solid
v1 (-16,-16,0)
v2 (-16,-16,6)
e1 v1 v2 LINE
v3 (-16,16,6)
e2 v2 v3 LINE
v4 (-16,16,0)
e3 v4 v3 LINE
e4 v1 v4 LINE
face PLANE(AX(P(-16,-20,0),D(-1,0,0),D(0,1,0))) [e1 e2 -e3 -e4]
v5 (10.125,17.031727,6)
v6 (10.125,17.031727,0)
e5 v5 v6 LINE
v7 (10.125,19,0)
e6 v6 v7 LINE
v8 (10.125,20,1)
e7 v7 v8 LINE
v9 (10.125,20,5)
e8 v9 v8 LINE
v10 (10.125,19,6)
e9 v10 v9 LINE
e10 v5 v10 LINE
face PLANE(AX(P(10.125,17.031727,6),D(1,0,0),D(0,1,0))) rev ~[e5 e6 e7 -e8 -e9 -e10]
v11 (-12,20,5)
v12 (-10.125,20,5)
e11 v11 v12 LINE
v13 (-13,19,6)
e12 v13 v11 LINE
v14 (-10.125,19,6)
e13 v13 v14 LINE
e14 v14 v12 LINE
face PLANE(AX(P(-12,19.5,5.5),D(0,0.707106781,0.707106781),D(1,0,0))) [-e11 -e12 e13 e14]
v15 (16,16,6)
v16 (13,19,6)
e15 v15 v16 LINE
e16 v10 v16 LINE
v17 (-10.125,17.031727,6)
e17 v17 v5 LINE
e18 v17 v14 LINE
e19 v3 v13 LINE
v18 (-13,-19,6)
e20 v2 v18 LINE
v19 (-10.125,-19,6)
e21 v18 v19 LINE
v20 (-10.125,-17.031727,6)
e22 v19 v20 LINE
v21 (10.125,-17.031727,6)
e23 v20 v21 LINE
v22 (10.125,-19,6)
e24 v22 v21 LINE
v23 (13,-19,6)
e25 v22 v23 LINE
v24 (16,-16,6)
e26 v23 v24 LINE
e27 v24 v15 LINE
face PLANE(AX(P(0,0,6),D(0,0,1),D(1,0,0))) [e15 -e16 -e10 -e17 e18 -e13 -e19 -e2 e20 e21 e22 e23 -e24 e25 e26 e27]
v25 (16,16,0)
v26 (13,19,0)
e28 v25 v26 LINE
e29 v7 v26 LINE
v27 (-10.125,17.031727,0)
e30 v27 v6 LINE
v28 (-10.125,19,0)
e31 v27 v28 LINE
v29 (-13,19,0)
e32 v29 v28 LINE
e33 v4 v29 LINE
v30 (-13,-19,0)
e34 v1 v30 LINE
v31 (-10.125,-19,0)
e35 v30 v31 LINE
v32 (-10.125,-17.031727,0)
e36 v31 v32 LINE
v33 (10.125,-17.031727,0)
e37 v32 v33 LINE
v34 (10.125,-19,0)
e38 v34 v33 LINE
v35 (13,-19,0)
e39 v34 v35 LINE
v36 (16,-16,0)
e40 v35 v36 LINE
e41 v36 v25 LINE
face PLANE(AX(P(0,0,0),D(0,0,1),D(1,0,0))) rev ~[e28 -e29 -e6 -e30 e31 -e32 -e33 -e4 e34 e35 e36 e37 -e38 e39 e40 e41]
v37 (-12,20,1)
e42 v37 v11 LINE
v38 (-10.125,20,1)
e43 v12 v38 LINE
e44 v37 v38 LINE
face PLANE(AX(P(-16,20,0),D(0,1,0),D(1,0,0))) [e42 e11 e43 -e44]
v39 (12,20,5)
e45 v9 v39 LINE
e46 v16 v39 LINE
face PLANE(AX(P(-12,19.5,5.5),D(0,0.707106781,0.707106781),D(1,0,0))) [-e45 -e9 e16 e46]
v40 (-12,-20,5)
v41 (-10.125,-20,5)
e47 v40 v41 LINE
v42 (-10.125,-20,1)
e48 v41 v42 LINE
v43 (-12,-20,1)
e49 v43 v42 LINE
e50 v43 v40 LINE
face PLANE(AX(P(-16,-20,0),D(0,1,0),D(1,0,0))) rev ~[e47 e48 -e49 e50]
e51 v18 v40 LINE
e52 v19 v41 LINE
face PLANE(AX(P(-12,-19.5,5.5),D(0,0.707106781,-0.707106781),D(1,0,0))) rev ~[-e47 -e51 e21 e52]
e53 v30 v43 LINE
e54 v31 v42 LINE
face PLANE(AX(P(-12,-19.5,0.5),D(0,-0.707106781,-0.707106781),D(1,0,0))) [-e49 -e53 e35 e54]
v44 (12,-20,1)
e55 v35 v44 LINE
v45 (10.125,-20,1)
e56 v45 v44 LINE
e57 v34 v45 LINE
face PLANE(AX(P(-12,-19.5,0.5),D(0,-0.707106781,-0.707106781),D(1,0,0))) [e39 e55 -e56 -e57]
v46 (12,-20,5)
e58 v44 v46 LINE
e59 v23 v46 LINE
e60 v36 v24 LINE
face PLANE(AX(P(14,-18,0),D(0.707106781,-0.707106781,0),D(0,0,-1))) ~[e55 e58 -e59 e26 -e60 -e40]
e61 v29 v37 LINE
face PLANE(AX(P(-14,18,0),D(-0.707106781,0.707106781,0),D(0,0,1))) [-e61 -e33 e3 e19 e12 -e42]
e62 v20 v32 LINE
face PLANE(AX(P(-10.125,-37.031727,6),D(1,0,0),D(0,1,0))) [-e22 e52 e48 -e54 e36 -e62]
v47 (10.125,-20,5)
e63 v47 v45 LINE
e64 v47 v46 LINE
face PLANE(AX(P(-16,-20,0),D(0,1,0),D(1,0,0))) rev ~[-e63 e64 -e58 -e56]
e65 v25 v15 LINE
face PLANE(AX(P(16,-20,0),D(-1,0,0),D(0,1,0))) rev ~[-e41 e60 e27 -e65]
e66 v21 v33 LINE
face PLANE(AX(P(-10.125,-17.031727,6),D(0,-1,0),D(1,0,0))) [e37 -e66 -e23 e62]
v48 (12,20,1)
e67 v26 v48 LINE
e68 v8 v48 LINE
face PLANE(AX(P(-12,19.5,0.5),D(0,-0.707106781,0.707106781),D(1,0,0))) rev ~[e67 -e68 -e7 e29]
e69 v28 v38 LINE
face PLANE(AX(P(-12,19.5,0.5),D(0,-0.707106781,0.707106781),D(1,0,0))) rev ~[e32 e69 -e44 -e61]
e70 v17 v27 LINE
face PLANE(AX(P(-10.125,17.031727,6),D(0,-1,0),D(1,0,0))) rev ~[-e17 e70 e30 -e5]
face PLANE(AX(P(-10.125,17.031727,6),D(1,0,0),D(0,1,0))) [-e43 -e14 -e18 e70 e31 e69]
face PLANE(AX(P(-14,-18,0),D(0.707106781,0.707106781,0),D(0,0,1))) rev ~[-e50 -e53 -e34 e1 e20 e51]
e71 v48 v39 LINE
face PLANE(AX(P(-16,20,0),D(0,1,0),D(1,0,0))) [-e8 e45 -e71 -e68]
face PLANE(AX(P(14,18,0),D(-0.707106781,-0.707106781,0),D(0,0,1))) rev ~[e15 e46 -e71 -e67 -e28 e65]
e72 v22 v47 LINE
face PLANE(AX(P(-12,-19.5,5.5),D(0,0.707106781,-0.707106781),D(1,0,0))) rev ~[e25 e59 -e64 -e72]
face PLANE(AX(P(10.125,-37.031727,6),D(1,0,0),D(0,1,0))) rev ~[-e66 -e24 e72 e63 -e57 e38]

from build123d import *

# Parameters (mm, degrees)
SKETCH_W        = 32
SKETCH_H        = 40
PAD_DEPTH       = 6
CHAMFER_SIZE    = 4
CHAMFER001_SIZE = 1
SKETCH001_W     = 20.25
SKETCH001_H     = 20
POCKET_DEPTH    = 10


with BuildPart() as part:
    # Sketch (on XY_Plane of Origin) → Pad (new body)
    with BuildSketch(Plane.XY):
        Rectangle(SKETCH_W, SKETCH_H)
    extrude(amount=PAD_DEPTH)

    # Chamfer
    chamfer_edges = [part.edges().sort_by_distance(p)[0] for p in [
        (16, 20, 3),
        (16, -20, 3),
        (-16, 20, 3),
        (-16, -20, 3),
    ]]
    chamfer(chamfer_edges, length=CHAMFER_SIZE)

    # Chamfer001
    chamfer001_edges = [part.edges().sort_by_distance(p)[0] for p in [
        (0, -20, 0),
        (0, -20, 6),
        (0, 20, 0),
        (0, 20, 6),
    ]]
    chamfer(chamfer001_edges, length=CHAMFER001_SIZE)

    # Sketch001 (on Face8 of Chamfer001) → Pocket (cut)
    with BuildSketch(Plane.XY.offset(6)):
        with Locations((0, -27.031727)):
            Rectangle(SKETCH001_W, SKETCH001_H)
        with Locations((0, 27.031727)):
            Rectangle(SKETCH001_W, SKETCH001_H)
    extrude(amount=-POCKET_DEPTH, mode=Mode.SUBTRACT)


solid = part.part
